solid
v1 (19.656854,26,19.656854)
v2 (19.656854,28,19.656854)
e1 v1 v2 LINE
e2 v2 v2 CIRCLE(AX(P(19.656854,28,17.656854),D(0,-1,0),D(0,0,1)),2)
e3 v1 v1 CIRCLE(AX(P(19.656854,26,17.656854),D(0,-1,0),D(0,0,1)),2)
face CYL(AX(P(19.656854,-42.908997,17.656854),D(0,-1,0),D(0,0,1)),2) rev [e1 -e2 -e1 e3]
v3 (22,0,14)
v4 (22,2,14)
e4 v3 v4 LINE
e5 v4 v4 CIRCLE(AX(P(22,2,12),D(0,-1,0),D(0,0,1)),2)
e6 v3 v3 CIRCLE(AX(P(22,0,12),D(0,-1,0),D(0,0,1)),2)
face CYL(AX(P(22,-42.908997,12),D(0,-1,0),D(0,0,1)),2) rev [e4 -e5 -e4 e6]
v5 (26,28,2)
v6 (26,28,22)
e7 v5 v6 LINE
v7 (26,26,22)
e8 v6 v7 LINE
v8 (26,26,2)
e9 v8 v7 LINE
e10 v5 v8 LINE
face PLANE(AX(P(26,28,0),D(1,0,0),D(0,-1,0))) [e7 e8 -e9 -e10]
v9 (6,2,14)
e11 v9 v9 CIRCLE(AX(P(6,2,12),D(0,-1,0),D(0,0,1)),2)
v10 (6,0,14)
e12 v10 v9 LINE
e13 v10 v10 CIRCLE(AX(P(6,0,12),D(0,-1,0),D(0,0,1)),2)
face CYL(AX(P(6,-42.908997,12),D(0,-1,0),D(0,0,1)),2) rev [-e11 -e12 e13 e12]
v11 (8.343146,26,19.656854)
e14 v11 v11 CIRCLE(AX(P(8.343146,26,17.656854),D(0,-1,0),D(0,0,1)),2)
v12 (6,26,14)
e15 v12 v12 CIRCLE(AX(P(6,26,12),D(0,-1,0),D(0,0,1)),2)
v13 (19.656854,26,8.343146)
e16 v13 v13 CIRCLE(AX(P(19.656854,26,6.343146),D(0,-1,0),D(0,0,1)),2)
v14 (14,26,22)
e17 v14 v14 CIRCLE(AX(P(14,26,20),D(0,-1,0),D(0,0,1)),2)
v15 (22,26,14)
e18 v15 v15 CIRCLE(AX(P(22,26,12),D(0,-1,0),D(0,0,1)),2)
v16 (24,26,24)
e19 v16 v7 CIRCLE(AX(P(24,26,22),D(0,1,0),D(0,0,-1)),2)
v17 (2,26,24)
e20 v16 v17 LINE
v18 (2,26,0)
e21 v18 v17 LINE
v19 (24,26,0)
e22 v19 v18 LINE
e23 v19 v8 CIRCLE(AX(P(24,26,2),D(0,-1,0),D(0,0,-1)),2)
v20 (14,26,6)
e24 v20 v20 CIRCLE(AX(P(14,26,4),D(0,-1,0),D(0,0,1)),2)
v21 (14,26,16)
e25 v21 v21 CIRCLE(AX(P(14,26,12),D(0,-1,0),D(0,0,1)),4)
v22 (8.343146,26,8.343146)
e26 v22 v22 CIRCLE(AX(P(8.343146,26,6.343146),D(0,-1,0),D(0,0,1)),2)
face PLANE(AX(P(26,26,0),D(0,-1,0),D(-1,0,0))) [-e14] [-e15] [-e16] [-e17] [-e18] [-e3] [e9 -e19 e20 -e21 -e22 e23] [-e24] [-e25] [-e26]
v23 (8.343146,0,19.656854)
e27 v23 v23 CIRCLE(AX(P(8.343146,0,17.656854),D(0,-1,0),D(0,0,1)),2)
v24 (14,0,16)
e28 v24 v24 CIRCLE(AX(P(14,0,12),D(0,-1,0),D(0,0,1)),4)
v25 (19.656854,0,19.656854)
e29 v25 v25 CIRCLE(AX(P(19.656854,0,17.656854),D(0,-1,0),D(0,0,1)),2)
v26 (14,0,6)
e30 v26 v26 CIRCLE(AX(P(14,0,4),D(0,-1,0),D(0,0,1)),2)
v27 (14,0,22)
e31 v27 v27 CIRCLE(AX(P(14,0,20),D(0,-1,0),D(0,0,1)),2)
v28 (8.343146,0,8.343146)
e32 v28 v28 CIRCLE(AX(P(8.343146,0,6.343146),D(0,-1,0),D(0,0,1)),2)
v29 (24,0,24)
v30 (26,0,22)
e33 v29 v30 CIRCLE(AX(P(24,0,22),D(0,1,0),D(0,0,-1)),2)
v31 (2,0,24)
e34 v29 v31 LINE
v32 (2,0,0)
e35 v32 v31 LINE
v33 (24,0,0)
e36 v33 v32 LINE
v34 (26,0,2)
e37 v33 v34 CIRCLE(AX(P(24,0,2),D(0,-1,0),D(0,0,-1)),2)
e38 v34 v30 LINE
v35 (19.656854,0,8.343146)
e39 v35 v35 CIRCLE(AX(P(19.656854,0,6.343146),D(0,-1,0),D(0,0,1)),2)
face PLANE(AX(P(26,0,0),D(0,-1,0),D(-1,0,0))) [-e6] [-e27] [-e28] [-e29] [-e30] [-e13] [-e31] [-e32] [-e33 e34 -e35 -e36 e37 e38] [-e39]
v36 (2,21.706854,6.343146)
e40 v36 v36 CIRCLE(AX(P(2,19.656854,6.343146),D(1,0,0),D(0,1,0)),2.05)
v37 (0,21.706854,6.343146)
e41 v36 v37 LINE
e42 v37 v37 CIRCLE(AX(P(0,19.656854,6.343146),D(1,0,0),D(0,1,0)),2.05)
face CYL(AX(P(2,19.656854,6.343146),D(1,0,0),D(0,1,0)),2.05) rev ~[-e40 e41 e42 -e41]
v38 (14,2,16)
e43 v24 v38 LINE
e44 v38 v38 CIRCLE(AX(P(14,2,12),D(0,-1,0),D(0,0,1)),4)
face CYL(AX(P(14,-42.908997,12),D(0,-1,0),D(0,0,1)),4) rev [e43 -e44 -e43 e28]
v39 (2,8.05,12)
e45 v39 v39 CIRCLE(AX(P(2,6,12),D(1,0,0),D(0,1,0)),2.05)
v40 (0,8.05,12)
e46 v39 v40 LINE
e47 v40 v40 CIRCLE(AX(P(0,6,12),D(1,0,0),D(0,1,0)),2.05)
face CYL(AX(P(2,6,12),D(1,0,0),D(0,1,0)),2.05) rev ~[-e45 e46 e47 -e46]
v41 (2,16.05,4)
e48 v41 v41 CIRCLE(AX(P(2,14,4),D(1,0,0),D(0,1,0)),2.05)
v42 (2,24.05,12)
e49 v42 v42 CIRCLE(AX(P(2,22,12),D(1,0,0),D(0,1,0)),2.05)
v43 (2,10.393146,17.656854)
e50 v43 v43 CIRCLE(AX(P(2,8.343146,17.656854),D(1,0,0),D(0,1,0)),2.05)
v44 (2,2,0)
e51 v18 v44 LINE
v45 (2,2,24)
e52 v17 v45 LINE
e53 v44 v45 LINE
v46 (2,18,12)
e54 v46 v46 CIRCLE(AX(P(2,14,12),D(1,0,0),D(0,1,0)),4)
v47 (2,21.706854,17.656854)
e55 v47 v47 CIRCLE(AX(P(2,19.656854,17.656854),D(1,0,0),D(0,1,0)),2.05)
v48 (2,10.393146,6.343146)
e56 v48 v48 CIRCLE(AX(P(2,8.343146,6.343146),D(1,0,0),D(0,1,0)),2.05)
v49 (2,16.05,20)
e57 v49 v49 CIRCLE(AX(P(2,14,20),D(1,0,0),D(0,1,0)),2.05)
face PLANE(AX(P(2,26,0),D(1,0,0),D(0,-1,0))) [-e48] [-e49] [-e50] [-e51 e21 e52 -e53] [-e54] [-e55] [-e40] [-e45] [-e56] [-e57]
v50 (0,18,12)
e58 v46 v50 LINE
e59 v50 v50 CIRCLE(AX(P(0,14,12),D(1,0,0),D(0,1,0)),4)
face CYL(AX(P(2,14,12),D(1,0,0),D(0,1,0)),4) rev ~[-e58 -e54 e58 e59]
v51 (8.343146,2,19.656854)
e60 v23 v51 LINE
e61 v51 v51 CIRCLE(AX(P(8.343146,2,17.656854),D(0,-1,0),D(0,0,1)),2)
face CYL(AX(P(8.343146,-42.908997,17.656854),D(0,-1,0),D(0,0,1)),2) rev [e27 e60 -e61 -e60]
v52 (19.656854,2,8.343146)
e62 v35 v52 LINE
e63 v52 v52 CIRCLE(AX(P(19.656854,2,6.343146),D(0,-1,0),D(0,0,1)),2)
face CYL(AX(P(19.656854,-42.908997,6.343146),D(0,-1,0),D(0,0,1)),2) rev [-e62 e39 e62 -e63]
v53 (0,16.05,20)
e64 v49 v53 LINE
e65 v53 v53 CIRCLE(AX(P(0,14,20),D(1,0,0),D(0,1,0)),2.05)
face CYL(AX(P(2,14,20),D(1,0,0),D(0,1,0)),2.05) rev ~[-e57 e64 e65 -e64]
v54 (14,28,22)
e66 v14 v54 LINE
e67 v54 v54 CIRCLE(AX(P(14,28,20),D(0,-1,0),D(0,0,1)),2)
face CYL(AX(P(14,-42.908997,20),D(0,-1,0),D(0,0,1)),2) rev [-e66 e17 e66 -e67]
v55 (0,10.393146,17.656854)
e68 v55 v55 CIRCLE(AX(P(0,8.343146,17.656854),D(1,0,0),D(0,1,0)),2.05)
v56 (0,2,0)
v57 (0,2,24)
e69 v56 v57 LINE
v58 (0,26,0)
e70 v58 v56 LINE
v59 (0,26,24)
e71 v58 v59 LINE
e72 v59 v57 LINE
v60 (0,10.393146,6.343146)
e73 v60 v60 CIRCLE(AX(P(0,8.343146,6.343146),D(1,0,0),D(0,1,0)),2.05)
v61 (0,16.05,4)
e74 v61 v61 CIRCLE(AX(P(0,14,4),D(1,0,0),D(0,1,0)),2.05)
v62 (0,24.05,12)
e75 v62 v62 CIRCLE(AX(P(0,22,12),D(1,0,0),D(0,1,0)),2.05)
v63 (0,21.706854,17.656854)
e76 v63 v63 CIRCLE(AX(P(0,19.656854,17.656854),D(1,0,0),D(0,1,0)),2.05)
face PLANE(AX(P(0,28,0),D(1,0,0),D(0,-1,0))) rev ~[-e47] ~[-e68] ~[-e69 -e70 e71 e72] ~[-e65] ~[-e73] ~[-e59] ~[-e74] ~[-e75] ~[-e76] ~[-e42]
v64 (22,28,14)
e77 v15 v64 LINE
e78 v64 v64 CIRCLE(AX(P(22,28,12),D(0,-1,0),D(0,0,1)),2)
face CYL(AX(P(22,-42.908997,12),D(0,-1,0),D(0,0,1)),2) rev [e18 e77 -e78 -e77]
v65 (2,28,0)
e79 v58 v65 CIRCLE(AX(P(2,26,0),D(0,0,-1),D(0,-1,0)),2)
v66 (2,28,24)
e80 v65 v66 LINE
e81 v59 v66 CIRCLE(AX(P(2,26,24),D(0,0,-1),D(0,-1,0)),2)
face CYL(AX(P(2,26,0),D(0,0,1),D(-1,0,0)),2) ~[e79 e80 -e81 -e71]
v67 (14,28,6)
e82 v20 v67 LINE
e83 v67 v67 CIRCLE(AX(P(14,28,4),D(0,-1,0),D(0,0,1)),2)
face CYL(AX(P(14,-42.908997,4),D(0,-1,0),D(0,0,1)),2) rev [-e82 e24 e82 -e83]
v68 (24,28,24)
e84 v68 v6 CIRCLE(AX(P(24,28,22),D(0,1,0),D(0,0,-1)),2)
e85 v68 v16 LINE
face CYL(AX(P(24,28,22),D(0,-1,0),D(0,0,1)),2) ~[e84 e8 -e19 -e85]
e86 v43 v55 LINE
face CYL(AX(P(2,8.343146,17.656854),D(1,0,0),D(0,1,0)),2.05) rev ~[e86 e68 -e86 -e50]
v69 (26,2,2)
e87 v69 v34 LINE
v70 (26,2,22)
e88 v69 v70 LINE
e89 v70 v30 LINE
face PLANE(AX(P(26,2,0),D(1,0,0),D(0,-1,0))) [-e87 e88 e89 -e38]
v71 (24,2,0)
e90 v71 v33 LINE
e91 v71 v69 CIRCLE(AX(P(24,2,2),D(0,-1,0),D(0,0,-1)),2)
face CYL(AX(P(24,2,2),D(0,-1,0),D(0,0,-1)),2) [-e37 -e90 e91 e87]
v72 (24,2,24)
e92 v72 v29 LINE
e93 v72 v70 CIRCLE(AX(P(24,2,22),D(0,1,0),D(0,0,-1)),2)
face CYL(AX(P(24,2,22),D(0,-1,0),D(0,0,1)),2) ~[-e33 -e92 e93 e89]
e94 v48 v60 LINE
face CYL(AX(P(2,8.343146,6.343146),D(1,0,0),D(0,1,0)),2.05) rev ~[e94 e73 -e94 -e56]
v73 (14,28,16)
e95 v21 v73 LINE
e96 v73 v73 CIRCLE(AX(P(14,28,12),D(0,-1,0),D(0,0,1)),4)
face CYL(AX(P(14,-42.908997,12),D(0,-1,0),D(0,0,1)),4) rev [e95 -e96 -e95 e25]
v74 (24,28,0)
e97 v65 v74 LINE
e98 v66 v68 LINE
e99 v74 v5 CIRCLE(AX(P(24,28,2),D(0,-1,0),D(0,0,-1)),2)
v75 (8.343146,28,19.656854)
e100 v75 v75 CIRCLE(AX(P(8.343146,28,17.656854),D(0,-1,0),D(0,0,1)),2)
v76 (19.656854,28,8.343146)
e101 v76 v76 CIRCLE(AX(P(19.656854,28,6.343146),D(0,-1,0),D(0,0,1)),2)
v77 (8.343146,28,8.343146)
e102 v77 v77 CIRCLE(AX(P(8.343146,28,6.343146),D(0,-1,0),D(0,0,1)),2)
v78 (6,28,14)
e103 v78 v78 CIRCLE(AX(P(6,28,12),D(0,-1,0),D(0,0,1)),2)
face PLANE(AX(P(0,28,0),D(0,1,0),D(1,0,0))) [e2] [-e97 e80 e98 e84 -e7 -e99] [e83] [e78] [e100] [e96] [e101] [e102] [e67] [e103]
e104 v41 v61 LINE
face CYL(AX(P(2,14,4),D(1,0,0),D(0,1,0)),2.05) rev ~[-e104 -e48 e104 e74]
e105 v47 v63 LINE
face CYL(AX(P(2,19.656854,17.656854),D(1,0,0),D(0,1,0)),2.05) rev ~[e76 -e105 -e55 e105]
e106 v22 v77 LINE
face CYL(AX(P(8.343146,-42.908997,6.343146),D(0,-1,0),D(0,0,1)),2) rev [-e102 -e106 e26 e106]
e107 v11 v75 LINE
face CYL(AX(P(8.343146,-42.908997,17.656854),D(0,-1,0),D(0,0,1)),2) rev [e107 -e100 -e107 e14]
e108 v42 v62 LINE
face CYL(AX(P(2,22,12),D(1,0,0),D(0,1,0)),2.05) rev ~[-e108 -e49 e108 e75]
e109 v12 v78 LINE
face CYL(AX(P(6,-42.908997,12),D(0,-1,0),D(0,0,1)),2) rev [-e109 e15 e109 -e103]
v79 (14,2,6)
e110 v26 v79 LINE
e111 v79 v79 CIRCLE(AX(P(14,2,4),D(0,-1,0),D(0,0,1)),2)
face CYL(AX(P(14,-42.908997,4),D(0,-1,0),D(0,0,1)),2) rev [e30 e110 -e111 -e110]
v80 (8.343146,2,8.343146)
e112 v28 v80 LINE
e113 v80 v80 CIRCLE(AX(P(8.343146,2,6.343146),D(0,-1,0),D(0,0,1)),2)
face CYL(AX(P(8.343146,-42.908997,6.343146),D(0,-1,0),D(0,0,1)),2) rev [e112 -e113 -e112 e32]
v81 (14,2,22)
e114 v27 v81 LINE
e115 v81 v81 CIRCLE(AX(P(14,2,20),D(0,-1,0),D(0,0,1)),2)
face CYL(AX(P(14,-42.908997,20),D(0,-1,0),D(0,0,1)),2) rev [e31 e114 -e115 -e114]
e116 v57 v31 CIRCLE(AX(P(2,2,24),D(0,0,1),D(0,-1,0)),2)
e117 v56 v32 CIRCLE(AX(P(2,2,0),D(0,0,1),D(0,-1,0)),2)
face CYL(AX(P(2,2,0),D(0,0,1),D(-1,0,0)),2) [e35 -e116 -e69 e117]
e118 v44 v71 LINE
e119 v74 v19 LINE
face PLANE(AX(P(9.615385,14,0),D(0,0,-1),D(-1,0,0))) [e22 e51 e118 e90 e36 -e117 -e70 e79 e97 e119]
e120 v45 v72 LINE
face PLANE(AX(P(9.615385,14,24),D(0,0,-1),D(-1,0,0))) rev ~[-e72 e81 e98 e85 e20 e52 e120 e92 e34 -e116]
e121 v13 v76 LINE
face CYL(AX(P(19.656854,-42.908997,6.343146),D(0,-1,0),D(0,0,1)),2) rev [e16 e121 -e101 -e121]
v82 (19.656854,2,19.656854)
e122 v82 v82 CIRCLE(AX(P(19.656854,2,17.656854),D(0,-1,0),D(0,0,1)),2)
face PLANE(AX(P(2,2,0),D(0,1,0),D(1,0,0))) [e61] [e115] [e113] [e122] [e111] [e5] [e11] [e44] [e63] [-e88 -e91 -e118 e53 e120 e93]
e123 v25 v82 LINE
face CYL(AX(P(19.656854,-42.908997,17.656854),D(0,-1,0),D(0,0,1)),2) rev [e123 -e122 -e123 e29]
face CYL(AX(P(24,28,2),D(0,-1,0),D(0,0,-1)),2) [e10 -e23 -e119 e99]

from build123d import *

# Parameters (mm, degrees)
BOSS_EXTRUDE1_DEPTH     = 24
SKETCH2_R               = 2.05
SKETCH2_R_2             = 4
CUT_EXTRUDE1_DEPTH      = 45
CUT_EXTRUDE2_DEPTH      = 44.9089968
CUT_EXTRUDE2_DEPTH_BACK = 44.9089968
SKETCH3_R               = 4
SKETCH3_R_2             = 2
FILLET1_R               = 2


with BuildPart() as part:
    # Sketch1 → Boss-Extrude1 (new body)
    with BuildSketch(Plane.XY):
        Polygon((0, 0), (0, 26), (0, 28), (26, 28), (26, 26), (2, 26), (2, 2), (26, 2), (26, 0), align=None)
    extrude(amount=BOSS_EXTRUDE1_DEPTH)

    # Sketch2 → Cut-Extrude1 (cut, through all)
    with BuildSketch(Plane(origin=(2, 0, 0), x_dir=(0, 0, -1), z_dir=(1, 0, 0))):
        with Locations(Location((-12, 22, 0), (0, 0, 90))):
            Circle(SKETCH2_R)
        with Locations(Location((-12, 14, 0), (0, 0, 90))):
            Circle(SKETCH2_R_2)
        with Locations(Location((-6.343145751, 19.656854249, 0), (0, 0, 90))):
            Circle(SKETCH2_R)
        with Locations(Location((-4, 14, 0), (0, 0, 90))):
            Circle(SKETCH2_R)
        with Locations(Location((-6.343145751, 8.343145751, 0), (0, 0, 90))):
            Circle(SKETCH2_R)
        with Locations(Location((-12, 6, 0), (0, 0, 90))):
            Circle(SKETCH2_R)
        with Locations(Location((-17.656854249, 8.343145751, 0), (0, 0, 90))):
            Circle(SKETCH2_R)
        with Locations(Location((-20, 14, 0), (0, 0, 90))):
            Circle(SKETCH2_R)
        with Locations(Location((-17.656854249, 19.656854249, 0), (0, 0, 90))):
            Circle(SKETCH2_R)
    extrude(amount=-CUT_EXTRUDE1_DEPTH, mode=Mode.SUBTRACT)

    # Sketch3 → Cut-Extrude2 (cut, two sides: drawn at the far end of the back side and taken through both)
    with BuildSketch(Plane(origin=(0, 2, 0), x_dir=(1, 0, 0), z_dir=(0, 1, 0)).offset(-CUT_EXTRUDE2_DEPTH_BACK)):
        with Locations(Location((14, -12, 0), (0, 0, 270))):
            Circle(SKETCH3_R)
        with Locations(Location((22, -12, 0), (0, 0, 270))):
            Circle(SKETCH3_R_2)
        with Locations(Location((19.656854249, -17.656854249, 0), (0, 0, 270))):
            Circle(SKETCH3_R_2)
        with Locations(Location((14, -20, 0), (0, 0, 270))):
            Circle(SKETCH3_R_2)
        with Locations(Location((8.343145751, -17.656854249, 0), (0, 0, 270))):
            Circle(SKETCH3_R_2)
        with Locations(Location((6, -12, 0), (0, 0, 270))):
            Circle(SKETCH3_R_2)
        with Locations(Location((8.343145751, -6.343145751, 0), (0, 0, 270))):
            Circle(SKETCH3_R_2)
        with Locations(Location((14, -4, 0), (0, 0, 270))):
            Circle(SKETCH3_R_2)
        with Locations(Location((19.656854249, -6.343145751, 0), (0, 0, 270))):
            Circle(SKETCH3_R_2)
    extrude(amount=CUT_EXTRUDE2_DEPTH + CUT_EXTRUDE2_DEPTH_BACK, mode=Mode.SUBTRACT)

    # Fillet1
    fillet1_edges = [part.edges().sort_by_distance(p)[0] for p in [
        (26, 1, 0),
        (0, 0, 12),
        (0, 28, 12),
        (26, 27, 24),
        (26, 1, 24),
        (26, 27, 0),
    ]]
    fillet(fillet1_edges, radius=FILLET1_R)


solid = part.part
